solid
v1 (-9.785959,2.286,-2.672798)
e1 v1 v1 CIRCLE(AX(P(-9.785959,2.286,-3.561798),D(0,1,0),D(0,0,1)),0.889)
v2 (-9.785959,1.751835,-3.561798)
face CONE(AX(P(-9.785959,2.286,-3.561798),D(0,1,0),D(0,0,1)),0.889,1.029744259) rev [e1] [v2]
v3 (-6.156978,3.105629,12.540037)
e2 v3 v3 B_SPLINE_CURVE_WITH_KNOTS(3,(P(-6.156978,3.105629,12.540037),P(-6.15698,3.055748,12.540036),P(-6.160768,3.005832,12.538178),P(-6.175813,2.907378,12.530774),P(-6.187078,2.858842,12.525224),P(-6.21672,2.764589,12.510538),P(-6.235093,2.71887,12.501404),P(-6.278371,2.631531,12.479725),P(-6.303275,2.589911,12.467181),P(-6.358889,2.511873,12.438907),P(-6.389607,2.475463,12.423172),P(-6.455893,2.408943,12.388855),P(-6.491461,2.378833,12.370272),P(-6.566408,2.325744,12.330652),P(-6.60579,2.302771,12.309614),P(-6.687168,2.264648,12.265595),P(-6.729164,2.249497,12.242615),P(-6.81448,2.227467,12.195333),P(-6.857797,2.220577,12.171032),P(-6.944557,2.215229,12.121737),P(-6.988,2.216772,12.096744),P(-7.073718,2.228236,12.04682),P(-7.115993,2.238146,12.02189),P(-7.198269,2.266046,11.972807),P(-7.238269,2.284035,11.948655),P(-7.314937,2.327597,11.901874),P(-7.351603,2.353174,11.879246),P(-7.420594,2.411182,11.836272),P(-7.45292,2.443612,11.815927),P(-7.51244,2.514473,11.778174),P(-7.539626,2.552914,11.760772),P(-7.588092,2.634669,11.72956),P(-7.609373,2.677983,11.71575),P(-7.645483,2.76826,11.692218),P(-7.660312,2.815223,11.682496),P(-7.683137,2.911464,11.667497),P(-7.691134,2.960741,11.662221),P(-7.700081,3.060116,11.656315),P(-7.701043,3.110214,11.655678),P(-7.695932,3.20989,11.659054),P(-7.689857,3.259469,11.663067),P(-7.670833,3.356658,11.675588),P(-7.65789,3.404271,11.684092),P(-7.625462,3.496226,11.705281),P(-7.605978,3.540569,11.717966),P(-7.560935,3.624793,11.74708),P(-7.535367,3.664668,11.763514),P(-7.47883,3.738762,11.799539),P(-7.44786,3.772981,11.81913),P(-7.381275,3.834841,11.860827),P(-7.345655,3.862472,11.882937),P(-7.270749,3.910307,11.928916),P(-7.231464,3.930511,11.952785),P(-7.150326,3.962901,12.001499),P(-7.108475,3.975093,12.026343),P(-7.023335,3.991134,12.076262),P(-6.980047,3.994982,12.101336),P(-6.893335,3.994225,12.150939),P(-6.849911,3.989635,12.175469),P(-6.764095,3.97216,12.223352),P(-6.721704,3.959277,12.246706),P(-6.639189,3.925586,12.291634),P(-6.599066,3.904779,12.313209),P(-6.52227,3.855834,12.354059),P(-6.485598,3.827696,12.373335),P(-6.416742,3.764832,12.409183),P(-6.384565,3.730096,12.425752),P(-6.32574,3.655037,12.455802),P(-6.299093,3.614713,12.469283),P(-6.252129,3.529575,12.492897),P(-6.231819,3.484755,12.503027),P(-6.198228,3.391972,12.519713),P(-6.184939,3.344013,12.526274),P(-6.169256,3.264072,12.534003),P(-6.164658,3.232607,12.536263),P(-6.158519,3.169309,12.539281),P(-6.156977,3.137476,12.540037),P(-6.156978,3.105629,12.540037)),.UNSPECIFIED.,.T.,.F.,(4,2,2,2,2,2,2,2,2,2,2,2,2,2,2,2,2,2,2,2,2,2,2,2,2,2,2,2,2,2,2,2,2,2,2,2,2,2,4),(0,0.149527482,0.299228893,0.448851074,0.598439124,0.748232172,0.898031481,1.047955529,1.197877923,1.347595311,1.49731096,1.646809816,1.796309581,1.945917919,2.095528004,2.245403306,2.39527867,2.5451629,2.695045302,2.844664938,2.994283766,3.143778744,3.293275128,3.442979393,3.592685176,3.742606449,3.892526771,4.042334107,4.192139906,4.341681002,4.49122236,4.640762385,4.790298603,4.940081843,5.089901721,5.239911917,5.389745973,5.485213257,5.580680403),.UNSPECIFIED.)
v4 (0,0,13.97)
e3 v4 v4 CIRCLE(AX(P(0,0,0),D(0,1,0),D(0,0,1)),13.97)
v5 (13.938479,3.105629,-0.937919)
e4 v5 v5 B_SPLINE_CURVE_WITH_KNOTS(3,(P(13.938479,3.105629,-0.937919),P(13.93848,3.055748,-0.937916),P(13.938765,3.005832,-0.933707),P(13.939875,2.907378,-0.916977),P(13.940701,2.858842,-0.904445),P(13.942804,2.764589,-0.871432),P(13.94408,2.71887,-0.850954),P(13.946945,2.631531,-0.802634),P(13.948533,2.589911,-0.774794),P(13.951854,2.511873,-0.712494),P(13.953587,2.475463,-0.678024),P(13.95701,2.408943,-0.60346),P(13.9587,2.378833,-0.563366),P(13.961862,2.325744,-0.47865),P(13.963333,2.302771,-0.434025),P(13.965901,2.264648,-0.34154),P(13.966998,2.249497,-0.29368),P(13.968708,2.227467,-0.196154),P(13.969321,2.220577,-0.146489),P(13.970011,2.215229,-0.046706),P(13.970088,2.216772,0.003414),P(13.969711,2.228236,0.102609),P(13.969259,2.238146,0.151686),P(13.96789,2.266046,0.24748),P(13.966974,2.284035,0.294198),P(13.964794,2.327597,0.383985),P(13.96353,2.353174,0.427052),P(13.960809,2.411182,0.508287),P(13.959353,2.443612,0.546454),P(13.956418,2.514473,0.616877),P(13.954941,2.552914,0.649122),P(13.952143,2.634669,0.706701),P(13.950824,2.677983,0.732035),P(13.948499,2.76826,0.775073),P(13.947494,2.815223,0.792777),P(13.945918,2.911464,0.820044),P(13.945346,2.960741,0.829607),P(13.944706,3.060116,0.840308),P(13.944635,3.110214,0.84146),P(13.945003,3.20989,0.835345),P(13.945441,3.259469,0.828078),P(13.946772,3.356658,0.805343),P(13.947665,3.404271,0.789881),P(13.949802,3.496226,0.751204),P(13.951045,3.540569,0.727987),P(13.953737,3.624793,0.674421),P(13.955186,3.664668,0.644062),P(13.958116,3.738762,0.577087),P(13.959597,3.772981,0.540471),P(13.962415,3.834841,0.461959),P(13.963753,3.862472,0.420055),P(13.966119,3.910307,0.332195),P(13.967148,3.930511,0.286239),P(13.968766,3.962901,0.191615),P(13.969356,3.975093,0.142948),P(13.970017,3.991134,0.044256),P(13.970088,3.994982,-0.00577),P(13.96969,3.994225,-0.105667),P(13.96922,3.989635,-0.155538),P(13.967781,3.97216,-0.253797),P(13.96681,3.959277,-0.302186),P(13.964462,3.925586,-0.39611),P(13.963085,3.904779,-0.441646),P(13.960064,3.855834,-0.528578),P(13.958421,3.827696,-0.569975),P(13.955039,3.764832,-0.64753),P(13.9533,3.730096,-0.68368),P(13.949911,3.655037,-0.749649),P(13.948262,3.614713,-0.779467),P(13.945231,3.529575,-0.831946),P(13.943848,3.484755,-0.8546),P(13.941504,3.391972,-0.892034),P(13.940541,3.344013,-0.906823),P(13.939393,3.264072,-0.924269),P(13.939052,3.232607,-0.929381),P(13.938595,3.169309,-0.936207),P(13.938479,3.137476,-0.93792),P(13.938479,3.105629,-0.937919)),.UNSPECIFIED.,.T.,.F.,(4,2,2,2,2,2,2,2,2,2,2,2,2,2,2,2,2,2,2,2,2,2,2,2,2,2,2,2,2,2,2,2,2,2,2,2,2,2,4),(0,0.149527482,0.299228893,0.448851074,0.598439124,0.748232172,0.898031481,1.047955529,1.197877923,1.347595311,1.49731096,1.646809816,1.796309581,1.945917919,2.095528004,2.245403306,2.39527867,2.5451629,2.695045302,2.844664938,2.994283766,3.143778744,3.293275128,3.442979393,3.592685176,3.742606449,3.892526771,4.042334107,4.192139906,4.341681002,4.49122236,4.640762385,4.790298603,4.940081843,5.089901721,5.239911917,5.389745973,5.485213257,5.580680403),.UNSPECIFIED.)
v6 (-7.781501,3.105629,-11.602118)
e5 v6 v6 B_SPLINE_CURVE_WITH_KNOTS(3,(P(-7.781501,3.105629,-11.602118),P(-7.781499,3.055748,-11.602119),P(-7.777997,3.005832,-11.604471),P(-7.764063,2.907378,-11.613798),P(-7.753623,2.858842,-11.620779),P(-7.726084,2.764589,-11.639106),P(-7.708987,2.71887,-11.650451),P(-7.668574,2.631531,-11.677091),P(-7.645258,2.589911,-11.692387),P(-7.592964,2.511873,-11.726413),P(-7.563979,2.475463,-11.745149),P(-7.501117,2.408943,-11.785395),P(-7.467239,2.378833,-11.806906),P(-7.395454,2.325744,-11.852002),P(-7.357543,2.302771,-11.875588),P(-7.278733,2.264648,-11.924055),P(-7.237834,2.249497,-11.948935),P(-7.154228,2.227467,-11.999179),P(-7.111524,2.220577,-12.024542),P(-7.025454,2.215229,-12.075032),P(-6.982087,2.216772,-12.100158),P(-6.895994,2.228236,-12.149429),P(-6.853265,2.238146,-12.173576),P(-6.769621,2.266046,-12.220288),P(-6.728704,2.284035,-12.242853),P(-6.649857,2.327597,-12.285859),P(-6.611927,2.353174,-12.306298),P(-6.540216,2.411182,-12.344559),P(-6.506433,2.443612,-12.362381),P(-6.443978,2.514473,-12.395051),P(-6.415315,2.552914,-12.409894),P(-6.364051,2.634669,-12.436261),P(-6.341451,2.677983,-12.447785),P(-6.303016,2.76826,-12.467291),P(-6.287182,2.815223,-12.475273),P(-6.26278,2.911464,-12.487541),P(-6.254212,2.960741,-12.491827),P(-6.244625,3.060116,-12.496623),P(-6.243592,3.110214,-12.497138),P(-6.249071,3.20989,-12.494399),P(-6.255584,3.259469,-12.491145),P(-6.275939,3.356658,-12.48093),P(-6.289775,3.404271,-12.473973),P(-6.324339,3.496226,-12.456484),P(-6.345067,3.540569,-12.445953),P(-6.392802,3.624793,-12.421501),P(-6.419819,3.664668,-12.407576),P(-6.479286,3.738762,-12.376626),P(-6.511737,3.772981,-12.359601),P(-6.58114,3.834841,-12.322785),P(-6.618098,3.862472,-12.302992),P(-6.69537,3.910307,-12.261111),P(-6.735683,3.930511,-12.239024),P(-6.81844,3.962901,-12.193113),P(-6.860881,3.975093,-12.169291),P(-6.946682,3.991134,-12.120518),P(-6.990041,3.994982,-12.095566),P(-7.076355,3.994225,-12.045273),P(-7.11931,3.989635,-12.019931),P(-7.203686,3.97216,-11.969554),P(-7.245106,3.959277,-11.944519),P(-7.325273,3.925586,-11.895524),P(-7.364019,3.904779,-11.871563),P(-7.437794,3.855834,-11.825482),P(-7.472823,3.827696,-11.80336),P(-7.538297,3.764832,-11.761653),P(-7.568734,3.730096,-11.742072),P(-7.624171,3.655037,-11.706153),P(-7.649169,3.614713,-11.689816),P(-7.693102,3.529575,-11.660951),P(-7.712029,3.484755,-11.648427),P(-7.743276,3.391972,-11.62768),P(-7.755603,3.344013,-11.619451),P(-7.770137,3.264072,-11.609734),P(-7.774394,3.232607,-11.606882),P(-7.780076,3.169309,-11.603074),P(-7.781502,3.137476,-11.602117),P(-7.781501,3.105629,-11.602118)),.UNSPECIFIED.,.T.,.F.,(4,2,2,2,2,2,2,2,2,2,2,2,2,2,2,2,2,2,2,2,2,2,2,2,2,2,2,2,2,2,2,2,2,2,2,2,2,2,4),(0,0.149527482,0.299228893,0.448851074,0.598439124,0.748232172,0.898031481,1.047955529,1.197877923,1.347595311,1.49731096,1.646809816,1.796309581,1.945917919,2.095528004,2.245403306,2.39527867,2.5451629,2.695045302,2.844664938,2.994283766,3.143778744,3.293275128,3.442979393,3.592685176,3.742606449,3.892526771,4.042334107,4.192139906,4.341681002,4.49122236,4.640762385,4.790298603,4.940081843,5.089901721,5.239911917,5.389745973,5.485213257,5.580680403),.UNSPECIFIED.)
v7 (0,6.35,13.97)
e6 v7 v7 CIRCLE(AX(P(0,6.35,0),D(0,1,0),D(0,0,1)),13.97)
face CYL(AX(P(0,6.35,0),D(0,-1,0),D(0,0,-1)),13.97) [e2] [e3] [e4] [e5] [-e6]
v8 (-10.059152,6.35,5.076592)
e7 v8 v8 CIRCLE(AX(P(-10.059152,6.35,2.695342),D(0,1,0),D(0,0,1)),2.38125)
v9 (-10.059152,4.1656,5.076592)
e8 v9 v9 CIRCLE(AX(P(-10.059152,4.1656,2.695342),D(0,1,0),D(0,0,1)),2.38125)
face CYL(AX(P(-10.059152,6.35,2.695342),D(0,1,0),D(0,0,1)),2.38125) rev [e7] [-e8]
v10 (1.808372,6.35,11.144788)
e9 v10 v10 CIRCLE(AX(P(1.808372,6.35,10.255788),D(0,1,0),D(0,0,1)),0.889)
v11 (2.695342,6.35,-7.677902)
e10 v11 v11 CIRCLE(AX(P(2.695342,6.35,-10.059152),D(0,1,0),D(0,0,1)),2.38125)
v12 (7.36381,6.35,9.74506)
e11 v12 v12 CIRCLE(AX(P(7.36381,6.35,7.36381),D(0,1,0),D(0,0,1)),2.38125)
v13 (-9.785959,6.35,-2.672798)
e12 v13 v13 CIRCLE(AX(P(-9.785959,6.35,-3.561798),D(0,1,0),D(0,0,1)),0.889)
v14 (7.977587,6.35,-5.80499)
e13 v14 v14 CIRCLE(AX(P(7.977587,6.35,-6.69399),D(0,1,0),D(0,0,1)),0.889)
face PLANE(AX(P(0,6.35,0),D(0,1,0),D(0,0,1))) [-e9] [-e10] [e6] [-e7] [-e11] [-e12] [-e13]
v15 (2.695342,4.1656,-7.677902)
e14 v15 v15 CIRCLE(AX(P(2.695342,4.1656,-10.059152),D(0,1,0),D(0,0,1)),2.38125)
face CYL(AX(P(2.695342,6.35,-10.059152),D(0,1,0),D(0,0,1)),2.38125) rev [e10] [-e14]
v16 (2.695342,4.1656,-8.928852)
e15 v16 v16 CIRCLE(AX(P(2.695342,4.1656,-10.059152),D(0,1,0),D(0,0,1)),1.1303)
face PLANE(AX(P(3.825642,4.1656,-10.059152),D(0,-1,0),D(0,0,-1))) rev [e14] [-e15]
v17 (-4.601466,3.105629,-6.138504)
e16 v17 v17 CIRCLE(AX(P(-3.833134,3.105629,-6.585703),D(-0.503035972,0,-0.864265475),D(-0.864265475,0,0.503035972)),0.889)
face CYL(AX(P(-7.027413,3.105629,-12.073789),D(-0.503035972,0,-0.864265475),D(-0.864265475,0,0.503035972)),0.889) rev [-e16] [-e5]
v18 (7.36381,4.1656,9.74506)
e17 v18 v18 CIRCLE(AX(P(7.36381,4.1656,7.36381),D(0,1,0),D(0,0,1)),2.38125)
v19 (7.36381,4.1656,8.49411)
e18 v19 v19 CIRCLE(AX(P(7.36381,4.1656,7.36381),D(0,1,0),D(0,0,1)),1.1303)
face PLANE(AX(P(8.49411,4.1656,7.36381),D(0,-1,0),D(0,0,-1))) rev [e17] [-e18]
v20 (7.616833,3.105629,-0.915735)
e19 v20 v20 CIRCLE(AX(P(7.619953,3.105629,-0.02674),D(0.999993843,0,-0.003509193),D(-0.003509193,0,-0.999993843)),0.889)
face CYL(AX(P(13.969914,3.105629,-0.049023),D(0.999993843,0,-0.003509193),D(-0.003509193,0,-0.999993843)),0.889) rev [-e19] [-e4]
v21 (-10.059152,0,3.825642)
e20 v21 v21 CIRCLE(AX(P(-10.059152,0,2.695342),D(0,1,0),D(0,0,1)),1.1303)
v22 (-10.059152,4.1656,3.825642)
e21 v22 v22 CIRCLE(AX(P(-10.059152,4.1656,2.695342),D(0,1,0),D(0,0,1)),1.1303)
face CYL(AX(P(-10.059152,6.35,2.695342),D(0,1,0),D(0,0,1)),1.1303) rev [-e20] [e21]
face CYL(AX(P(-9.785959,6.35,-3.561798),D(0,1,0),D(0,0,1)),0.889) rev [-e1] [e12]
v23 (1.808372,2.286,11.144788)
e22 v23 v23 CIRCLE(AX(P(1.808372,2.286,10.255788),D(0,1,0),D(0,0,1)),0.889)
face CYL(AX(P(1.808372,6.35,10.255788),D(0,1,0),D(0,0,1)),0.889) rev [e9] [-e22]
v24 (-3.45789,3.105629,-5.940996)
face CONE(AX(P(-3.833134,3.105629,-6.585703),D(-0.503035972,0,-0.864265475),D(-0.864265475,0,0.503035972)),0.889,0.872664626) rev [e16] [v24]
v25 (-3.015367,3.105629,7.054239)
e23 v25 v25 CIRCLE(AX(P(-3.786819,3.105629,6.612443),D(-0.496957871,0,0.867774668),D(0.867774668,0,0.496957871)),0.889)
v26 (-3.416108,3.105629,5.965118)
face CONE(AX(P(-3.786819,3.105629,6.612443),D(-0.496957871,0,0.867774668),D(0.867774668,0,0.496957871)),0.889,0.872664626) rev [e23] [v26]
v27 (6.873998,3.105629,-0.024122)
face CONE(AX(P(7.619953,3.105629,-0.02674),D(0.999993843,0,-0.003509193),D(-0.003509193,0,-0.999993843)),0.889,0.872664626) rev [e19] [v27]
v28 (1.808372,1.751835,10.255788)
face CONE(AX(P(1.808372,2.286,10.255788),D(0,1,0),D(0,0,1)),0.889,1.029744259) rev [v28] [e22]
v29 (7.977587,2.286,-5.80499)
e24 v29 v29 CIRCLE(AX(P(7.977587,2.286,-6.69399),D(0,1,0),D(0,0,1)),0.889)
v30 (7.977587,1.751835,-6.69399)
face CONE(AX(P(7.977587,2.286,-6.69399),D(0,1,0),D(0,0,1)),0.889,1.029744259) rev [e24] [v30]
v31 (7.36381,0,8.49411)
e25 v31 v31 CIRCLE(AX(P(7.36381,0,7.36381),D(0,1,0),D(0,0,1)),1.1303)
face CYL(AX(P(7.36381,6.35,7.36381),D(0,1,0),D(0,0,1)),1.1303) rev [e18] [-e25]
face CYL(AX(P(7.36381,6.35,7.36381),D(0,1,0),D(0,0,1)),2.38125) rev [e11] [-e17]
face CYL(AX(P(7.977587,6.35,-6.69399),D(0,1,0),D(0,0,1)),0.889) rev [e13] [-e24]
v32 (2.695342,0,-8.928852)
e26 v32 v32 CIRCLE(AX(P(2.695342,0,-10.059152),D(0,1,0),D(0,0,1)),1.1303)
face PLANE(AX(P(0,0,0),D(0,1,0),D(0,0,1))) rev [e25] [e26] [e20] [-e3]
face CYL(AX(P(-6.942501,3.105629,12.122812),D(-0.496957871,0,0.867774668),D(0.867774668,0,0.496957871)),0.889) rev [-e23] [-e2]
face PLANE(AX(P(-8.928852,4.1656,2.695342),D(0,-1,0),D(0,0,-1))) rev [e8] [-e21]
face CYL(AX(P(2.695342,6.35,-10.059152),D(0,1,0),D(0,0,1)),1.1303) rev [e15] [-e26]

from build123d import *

# Parameters (mm, degrees)
SKETCH1_R                                      = 13.97
BOSS_EXTRUDE1_DEPTH                            = 6.35
CBORE_FOR_2_SOCKET_HEAD_CAP_SCREW1_D           = 2.2606
CBORE_FOR_2_SOCKET_HEAD_CAP_SCREW1_CBORE_D     = 4.7625
CBORE_FOR_2_SOCKET_HEAD_CAP_SCREW1_CBORE_DEPTH = 2.1844
CIRPATTERN1_COUNT                              = 3
CIRPATTERN2_COUNT                              = 3
CIRPATTERN3_COUNT                              = 3


with BuildPart() as part:
    # Sketch1 → Boss-Extrude1 (new body)
    with BuildSketch(Plane(origin=(0, 0, 0), x_dir=(1, 0, 0), z_dir=(0, 1, 0))):
        with Locations(Location((0, 0, 0), (0, 0, 270))):
            Circle(SKETCH1_R)
    extrude(amount=BOSS_EXTRUDE1_DEPTH)

    # CBORE for #2 Socket Head Cap Screw1 (through all)
    with Locations(Plane(origin=(0, 6.35, 0), x_dir=(1, 0, 0), z_dir=(0, 1, 0))):
        with Locations((7.363810019, -7.363810019)):
            cbore_for_2_socket_head_cap_screw1 = CounterBoreHole(CBORE_FOR_2_SOCKET_HEAD_CAP_SCREW1_D / 2, CBORE_FOR_2_SOCKET_HEAD_CAP_SCREW1_CBORE_D / 2, CBORE_FOR_2_SOCKET_HEAD_CAP_SCREW1_CBORE_DEPTH)

    # CirPattern1: CBORE for #2 Socket Head Cap Screw1 ×3 about axis
    cirpattern1_axis = Axis((0, 0, 0), (0, 1, 0))
    for i in range(1, CIRPATTERN1_COUNT):
        add(cbore_for_2_socket_head_cap_screw1.rotate(cirpattern1_axis, i * 360 / CIRPATTERN1_COUNT), mode=Mode.SUBTRACT)

    # Sketch10 → Tap Drill for #2-56 Tap2 (revolve, cut)
    with BuildSketch(Plane(origin=(7.977586831, 6.35, -6.693990167), x_dir=(0, 0, 1), z_dir=(1, 0, 0))):
        Polygon((0, 0), (0, 4.59816509), (0.889, 4.064), (0.889, 0), align=None)
    tap_drill_for_2_56_tap2 = revolve(axis=Axis((7.977586831, 12.7, -6.693990167), (0, -1, 0)), mode=Mode.SUBTRACT)

    # CirPattern2: Tap Drill for #2-56 Tap2 ×3 about axis
    cirpattern2_axis = Axis((0, 0, 0), (0, 1, 0))
    for i in range(1, CIRPATTERN2_COUNT):
        add(tap_drill_for_2_56_tap2.rotate(cirpattern2_axis, i * 360 / CIRPATTERN2_COUNT), mode=Mode.SUBTRACT)

    # Sketch15 → Tap Drill for #2-56 Tap1 (revolve, cut)
    with BuildSketch(Plane(origin=(-6.942501454, 3.105629072, 12.122812114), x_dir=(0.8677746681735182, 0, 0.4969578707258195), z_dir=(0, 1, 0))):
        Polygon((0, 0), (0, 7.095959572), (0.889, 6.35), (0.889, 0), align=None)
    tap_drill_for_2_56_tap1 = revolve(axis=Axis((-10.098183933, 3.105629072, 17.633181257), (0.4969578707258195, 0, -0.8677746681735182)), mode=Mode.SUBTRACT)

    # CirPattern3: Tap Drill for #2-56 Tap1 ×3 about axis
    cirpattern3_axis = Axis((0, 6.35, 0), (0, -1, 0))
    for i in range(1, CIRPATTERN3_COUNT):
        add(tap_drill_for_2_56_tap1.rotate(cirpattern3_axis, i * 360 / CIRPATTERN3_COUNT), mode=Mode.SUBTRACT)


solid = part.part
